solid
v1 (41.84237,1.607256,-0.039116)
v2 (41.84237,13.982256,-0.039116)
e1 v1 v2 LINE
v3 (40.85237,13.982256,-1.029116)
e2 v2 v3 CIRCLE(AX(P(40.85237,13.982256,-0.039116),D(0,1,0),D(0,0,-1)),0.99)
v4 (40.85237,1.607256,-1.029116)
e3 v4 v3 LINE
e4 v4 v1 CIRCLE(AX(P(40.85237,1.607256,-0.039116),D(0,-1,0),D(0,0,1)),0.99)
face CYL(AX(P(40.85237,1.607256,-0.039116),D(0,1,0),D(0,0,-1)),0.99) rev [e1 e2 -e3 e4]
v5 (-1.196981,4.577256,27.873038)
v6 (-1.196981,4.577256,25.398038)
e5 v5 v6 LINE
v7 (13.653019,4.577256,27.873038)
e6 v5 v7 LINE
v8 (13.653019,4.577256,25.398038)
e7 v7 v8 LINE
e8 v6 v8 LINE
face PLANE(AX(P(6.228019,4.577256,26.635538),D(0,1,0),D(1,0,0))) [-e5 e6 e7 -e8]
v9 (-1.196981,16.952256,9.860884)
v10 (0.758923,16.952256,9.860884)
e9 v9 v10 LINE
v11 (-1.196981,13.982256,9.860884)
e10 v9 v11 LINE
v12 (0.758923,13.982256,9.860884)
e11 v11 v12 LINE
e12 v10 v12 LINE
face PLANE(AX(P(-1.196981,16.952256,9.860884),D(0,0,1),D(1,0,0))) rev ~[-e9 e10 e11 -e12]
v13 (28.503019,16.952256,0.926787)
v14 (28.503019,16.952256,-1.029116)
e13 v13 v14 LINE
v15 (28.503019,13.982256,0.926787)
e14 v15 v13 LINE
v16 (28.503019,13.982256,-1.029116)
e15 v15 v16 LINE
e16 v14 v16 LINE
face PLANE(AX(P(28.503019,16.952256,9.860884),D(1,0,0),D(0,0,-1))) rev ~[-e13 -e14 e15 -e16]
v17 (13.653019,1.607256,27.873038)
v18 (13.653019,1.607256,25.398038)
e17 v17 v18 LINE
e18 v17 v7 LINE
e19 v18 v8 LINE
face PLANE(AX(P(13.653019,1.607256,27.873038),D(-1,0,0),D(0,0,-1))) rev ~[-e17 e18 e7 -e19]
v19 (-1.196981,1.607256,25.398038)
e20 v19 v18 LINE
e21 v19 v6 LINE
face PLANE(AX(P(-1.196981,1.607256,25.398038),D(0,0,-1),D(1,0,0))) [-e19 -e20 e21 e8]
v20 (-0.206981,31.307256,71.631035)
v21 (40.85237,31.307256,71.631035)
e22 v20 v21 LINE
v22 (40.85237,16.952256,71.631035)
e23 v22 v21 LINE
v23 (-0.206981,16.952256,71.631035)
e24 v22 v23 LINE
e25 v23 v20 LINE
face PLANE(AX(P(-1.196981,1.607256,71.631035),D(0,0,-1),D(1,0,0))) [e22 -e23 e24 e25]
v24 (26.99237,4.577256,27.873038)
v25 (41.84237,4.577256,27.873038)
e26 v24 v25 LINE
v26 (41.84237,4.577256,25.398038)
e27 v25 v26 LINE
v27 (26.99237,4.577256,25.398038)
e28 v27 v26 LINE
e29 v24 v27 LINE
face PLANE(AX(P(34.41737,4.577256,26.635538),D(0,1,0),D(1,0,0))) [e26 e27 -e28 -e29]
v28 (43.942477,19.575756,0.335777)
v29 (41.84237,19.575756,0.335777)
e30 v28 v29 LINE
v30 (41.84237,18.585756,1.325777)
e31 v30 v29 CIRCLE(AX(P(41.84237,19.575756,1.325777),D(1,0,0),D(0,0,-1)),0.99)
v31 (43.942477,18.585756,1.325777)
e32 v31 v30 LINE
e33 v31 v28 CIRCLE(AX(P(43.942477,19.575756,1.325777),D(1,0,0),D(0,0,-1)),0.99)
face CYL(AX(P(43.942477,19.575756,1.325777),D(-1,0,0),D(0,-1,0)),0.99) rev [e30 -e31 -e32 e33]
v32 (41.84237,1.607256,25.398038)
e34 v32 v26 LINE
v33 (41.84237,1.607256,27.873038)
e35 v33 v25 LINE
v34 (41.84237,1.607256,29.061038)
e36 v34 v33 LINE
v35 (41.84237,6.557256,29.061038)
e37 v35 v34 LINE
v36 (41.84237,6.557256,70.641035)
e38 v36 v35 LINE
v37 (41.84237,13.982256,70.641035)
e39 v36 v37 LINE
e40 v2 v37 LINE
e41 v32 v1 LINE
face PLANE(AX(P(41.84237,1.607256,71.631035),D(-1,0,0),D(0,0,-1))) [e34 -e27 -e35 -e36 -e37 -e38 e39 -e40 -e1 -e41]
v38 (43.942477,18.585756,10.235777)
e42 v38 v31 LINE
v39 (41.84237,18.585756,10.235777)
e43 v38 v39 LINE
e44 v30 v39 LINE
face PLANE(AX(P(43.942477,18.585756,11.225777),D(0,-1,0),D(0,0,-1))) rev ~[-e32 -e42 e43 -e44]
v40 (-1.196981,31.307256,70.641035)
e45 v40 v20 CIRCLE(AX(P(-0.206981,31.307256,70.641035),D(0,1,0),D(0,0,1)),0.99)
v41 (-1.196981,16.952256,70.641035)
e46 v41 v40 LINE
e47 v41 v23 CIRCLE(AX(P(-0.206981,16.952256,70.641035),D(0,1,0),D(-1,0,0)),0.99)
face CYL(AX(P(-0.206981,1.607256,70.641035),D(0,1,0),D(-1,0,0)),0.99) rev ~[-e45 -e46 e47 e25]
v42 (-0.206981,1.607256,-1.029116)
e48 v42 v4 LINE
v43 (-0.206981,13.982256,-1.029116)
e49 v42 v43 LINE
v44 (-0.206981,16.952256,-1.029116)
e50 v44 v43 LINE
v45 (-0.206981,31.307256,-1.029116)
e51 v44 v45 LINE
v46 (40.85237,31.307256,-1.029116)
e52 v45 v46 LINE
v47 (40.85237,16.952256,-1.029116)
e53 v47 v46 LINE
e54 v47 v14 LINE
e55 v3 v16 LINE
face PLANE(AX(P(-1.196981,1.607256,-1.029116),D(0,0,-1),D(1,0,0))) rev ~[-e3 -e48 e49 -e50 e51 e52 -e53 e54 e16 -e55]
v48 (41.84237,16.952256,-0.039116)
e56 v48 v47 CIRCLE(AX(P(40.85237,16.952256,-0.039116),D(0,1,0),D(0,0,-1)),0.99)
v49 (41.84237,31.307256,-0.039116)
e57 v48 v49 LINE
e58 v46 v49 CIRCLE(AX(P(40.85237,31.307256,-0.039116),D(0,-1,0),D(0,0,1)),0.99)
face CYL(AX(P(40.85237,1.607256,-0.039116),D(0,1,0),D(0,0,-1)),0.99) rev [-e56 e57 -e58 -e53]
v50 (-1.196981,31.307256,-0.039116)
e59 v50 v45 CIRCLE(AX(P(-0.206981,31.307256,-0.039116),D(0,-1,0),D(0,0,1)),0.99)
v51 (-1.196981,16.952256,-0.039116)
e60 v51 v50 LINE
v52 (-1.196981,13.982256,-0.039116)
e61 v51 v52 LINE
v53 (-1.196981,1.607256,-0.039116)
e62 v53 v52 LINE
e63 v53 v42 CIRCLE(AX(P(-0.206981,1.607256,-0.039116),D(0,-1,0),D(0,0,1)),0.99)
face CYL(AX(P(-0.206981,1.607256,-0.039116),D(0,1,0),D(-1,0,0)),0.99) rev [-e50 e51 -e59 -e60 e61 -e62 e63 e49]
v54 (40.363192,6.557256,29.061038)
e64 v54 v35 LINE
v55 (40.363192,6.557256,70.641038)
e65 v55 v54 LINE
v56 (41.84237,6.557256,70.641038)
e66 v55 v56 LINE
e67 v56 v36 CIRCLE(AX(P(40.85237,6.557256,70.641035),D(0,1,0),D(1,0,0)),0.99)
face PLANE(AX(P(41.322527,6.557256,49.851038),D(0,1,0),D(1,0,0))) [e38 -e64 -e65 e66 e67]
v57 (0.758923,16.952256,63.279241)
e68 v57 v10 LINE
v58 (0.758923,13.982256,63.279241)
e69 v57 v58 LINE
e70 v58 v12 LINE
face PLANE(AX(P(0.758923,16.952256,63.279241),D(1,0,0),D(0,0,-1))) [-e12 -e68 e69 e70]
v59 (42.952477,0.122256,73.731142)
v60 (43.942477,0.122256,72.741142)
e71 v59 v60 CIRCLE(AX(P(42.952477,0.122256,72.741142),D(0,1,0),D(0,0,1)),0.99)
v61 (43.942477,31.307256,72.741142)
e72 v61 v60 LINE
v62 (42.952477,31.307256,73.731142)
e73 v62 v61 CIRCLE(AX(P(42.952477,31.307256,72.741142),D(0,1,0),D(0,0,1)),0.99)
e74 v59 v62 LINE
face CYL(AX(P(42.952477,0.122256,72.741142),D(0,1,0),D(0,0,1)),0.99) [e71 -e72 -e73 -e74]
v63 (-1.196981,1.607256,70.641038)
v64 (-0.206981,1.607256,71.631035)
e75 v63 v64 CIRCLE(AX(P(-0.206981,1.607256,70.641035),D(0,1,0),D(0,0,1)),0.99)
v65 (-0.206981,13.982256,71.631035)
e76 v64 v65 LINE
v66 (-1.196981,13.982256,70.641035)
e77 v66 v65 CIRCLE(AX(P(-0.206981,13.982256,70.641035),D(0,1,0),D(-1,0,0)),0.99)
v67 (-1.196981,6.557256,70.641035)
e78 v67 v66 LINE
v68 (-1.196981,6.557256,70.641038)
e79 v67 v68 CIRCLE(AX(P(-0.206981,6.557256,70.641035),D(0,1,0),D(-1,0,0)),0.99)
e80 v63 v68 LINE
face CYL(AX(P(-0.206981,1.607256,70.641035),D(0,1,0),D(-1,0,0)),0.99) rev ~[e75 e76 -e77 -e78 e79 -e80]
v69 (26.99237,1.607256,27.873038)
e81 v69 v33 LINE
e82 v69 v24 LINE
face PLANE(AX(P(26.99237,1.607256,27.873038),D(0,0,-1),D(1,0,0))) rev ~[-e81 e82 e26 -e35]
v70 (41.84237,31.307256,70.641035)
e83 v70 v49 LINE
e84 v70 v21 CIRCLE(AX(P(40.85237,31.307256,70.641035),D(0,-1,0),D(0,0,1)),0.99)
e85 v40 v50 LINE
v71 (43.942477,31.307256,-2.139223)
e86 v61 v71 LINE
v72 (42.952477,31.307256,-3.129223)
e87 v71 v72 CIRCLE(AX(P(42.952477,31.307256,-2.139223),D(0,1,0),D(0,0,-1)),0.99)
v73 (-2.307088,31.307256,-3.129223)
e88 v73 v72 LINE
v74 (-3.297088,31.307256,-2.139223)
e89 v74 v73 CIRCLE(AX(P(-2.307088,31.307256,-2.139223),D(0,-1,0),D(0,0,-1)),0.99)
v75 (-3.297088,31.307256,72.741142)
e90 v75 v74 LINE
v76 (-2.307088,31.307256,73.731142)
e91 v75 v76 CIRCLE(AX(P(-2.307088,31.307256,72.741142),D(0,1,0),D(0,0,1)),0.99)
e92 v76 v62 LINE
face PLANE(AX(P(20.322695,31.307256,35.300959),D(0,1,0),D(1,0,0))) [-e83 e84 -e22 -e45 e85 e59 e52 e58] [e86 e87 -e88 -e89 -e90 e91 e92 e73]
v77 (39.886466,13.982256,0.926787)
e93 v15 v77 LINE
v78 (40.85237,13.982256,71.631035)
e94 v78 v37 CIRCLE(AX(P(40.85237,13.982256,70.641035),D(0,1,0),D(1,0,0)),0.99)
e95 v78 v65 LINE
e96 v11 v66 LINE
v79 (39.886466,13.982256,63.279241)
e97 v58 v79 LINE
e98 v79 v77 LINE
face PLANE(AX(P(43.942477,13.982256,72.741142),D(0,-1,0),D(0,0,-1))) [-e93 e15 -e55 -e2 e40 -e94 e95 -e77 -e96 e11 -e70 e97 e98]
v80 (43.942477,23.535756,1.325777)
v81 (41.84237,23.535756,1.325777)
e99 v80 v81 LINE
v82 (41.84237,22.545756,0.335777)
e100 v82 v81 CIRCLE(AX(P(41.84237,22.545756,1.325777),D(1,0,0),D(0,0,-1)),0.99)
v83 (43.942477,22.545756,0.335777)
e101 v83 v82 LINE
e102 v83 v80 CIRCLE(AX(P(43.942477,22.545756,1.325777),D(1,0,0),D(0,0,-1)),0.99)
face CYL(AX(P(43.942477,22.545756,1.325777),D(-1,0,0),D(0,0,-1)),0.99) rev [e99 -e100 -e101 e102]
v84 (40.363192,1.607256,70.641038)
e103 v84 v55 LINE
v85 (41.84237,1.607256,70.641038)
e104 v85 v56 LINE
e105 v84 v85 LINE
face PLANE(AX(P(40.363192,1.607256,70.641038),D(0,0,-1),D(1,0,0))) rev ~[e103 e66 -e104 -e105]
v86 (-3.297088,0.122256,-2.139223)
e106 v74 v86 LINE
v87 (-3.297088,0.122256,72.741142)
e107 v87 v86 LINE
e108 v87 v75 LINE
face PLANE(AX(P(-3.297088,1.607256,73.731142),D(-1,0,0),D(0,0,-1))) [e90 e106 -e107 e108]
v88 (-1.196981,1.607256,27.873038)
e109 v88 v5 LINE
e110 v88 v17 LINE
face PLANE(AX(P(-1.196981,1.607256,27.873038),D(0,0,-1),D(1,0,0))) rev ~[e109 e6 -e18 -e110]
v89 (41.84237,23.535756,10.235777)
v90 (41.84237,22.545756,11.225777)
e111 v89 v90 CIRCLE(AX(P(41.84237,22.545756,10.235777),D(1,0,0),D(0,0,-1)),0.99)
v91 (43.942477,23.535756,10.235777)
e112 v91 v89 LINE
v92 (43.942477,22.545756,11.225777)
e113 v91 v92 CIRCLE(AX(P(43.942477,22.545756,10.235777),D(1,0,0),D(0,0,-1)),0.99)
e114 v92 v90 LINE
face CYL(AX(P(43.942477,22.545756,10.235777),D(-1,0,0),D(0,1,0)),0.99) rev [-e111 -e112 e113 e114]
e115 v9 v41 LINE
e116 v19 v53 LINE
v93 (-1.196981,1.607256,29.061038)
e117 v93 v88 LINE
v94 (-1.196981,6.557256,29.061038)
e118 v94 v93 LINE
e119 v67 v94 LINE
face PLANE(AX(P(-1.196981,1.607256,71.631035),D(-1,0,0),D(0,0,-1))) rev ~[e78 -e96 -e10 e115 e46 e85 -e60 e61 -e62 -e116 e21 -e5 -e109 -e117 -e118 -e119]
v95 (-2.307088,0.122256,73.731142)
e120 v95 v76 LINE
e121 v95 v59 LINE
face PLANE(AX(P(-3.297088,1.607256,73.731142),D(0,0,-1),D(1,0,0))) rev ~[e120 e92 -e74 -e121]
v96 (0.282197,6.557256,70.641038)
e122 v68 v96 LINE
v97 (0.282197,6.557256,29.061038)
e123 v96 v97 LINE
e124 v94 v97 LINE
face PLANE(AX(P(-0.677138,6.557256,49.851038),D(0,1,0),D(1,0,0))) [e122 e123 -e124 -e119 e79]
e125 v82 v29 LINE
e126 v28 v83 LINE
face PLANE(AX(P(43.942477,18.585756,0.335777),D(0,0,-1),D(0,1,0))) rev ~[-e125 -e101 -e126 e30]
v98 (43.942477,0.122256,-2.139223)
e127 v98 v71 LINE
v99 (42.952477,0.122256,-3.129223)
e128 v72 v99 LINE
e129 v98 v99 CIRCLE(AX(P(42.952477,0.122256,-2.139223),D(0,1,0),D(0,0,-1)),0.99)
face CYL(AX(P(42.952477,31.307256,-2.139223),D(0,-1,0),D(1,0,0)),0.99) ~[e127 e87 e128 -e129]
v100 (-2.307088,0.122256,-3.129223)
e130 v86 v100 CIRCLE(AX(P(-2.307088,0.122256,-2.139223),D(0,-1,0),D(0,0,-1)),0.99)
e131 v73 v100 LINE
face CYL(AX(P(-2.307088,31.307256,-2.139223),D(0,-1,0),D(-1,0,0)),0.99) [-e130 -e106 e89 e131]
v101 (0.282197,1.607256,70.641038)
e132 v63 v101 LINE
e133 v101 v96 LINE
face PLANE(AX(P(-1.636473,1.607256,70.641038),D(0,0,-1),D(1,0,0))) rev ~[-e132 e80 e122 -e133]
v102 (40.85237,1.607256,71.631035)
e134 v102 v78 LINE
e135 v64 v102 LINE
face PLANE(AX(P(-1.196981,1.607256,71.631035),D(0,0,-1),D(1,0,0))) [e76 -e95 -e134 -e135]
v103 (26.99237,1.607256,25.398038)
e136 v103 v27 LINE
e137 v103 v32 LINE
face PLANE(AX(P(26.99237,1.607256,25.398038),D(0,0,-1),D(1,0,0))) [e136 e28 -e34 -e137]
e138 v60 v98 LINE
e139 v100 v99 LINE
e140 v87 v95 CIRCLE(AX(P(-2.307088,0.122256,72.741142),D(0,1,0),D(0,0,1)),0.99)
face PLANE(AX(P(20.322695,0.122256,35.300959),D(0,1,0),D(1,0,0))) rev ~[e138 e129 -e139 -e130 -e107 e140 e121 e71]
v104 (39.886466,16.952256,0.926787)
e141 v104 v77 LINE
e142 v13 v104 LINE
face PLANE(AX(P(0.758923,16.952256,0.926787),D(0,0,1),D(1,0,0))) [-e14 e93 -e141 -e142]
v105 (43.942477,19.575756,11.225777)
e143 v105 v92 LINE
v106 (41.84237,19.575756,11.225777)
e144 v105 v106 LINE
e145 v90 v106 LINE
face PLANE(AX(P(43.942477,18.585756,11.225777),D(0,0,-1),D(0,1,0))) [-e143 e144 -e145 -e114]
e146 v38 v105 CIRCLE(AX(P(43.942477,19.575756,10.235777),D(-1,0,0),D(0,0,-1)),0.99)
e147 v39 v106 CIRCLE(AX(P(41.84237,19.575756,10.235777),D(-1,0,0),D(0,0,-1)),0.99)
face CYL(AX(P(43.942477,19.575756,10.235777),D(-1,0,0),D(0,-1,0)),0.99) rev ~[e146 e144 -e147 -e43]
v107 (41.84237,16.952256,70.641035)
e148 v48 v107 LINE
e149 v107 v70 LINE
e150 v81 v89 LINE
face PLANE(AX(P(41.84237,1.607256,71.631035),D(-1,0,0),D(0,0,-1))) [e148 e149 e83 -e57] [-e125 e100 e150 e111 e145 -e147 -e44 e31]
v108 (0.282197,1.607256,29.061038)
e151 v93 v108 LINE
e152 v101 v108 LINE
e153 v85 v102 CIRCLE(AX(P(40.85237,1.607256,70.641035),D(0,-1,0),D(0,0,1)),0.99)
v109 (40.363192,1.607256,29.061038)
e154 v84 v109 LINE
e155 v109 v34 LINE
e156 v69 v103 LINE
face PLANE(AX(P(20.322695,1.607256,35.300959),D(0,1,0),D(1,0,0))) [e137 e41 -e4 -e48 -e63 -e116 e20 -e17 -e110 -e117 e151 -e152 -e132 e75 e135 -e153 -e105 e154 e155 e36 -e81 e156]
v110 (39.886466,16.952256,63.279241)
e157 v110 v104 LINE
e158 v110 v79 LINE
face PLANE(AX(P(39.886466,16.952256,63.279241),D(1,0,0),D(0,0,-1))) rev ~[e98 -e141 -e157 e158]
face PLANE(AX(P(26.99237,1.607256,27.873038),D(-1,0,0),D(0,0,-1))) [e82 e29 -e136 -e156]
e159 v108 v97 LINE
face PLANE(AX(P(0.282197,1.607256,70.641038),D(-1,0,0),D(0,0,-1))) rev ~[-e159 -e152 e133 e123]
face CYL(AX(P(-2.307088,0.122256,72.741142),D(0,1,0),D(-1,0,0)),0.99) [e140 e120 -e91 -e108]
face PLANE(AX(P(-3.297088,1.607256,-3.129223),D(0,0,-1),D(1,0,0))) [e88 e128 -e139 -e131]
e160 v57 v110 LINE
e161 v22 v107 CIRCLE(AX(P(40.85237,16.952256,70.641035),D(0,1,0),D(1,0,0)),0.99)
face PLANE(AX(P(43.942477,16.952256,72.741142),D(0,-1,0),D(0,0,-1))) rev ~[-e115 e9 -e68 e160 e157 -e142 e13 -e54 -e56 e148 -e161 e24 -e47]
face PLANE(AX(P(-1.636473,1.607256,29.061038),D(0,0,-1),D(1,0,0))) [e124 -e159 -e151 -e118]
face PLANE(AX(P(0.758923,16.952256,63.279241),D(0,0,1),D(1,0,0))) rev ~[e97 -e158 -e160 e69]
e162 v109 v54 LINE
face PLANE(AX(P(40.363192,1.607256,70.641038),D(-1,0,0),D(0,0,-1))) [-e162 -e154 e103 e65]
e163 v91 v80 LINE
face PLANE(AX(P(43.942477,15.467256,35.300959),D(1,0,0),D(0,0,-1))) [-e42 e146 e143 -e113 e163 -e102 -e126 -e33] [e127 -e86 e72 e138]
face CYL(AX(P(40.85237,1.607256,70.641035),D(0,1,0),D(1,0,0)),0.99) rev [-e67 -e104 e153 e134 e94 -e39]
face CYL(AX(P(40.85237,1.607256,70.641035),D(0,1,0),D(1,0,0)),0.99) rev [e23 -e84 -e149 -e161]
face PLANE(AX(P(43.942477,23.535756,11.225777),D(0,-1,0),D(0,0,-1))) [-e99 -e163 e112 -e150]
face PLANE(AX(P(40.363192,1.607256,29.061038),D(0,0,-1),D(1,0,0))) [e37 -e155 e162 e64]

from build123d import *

# Parameters (mm, degrees)
PCB_DIMENSIONS_W    = 47.716732244
PCB_DIMENSIONS_H    = 77.636732244
BOSS_EXTRUDE3_DEPTH = 1.5
SKETCH5_W           = 47.716732244
SKETCH5_H           = 77.636732244
SKETCH5_W_2         = 43.474091557
SKETCH5_H_2         = 73.394091557
BOSS_EXTRUDE5_DEPTH = 30
FILLET1_R           = 1
SKETCH9_W           = 1.93805105
SKETCH9_H           = 42
SKETCH9_W_2         = 1.938051049
BOSS_EXTRUDE6_DEPTH = 5
SKETCH14_W          = 15
SKETCH14_H          = 2.5
BOSS_EXTRUDE7_DEPTH = 3
SKETCH15_W          = 75.636732244
SKETCH15_H          = 3
BOSS_EXTRUDE8_DEPTH = 46
SKETCH17_W          = 39.522771214
SKETCH17_H          = 62.982276128
CUT_EXTRUDE1_DEPTH  = 3
CUT_EXTRUDE2_DEPTH  = 3
SKETCH19_W          = 11
SKETCH19_H          = 5
CUT_EXTRUDE3_DEPTH  = 10
FILLET2_R           = 1
SCALE1_SCALE        = 0.99


with BuildPart() as part:
    # PCB Dimensions → Boss-Extrude3 (new body)
    with BuildSketch(Plane(origin=(0, 0, 0), x_dir=(1, 0, 0), z_dir=(0, 1, 0))):
        with Locations((20.322832216, -35.282832216)):
            Rectangle(PCB_DIMENSIONS_W, PCB_DIMENSIONS_H)
    extrude(amount=BOSS_EXTRUDE3_DEPTH)

    # Sketch5 → Boss-Extrude5 (add)
    with BuildSketch(Plane(origin=(0, 1.5, 0), x_dir=(1, 0, 0), z_dir=(0, 1, 0))):
        with Locations((20.322832216, -35.282832216)):
            Rectangle(SKETCH5_W, SKETCH5_H)
        with Locations((20.322832217, -35.282832217)):
            Rectangle(SKETCH5_W_2, SKETCH5_H_2, mode=Mode.SUBTRACT)
    extrude(amount=BOSS_EXTRUDE5_DEPTH)

    # Fillet1
    fillet1_edges = [part.edges().sort_by_distance(p)[0] for p in [
        (42.059877995, 16.5, -1.414213562),
        (-1.414213562, 16.5, -1.414213562),
        (-1.414213562, 16.5, 71.979877995),
        (42.059877995, 16.5, 71.979877995),
        (44.181198338, 15.75, 74.101198338),
        (-3.535533906, 15.75, 74.101198338),
        (-3.535533906, 15.75, -3.535533906),
        (44.181198338, 15.75, -3.535533906),
    ]]
    fillet(fillet1_edges, radius=FILLET1_R)

    # Sketch9 → Boss-Extrude6 (add)
    with BuildSketch(Plane(origin=(0, 1.5, 0), x_dir=(1, 0, 0), z_dir=(0, 1, 0))):
        with Locations((-0.88911969, -49.979881394)):
            Rectangle(SKETCH9_W, SKETCH9_H)
        with Locations((41.534784122, -49.979881394)):
            Rectangle(SKETCH9_W_2, SKETCH9_H)
    extrude(amount=BOSS_EXTRUDE6_DEPTH)

    # Sketch14 → Boss-Extrude7 (add)
    with BuildSketch(Plane(origin=(0, 1.5, 0), x_dir=(1, 0, 0), z_dir=(0, 1, 0))):
        with Locations((6.085786438, -26.529881394)):
            Rectangle(SKETCH14_W, SKETCH14_H)
        with Locations((34.559877995, -26.529881394)):
            Rectangle(SKETCH14_W, SKETCH14_H)
    extrude(amount=BOSS_EXTRUDE7_DEPTH)

    # Sketch15 → Boss-Extrude8 (add)
    with BuildSketch(Plane(origin=(44.181198338, 0, 0), x_dir=(0, 0, -1), z_dir=(1, 0, 0))):
        with Locations((-35.282832216, 15.5)):
            Rectangle(SKETCH15_W, SKETCH15_H)
    extrude(amount=-BOSS_EXTRUDE8_DEPTH)

    # Sketch17 → Cut-Extrude1 (cut)
    with BuildSketch(Plane(origin=(0, 17, 0), x_dir=(1, 0, 0), z_dir=(0, 1, 0))):
        with Locations((20.322832216, -32.052584673)):
            Rectangle(SKETCH17_W, SKETCH17_H)
    extrude(amount=-CUT_EXTRUDE1_DEPTH, mode=Mode.SUBTRACT)

    # Sketch18 → Cut-Extrude2 (cut)
    with BuildSketch(Plane(origin=(0, 17, 0), x_dir=(1, 0, 0), z_dir=(0, 1, 0))):
        with BuildLine():
            Line((-1.414213562, -9.585786438), (28.585786438, -9.585786438))
            Line((28.585786438, -9.585786438), (28.585786438, 1.414213562))
            Line((28.585786438, 1.414213562), (-0.414213562, 1.414213562))
            ThreePointArc((-0.414213562, 1.414213562), (-1.121320344, 1.121320344), (-1.414213562, 0.414213562))
            Line((-1.414213562, 0.414213562), (-1.414213562, -9.585786438))
        make_face()
    extrude(amount=-CUT_EXTRUDE2_DEPTH, mode=Mode.SUBTRACT)

    # Sketch19 → Cut-Extrude3 (cut)
    with BuildSketch(Plane(origin=(44.181198338, 0, 0), x_dir=(0, 0, -1), z_dir=(1, 0, 0))):
        with Locations((-5.464466094, 21.15)):
            Rectangle(SKETCH19_W, SKETCH19_H)
    extrude(amount=-CUT_EXTRUDE3_DEPTH, mode=Mode.SUBTRACT)

    # Fillet2
    fillet2_edges = [part.edges().sort_by_distance(p)[0] for p in [
        (43.120538167, 23.65, -0.035533906),
        (43.120538167, 18.65, -0.035533906),
        (43.120538167, 18.65, 10.964466094),
        (43.120538167, 23.65, 10.964466094),
    ]]
    fillet(fillet2_edges, radius=FILLET2_R)


with BuildPart() as part_1:
    # Scale1: scaled about (20.30907108, 12.22563111, 37.095530551)
    add(part.part.scale(SCALE1_SCALE).moved(Location((0.203090711, 0.122256311, 0.370955306))))


solid = part_1.part
